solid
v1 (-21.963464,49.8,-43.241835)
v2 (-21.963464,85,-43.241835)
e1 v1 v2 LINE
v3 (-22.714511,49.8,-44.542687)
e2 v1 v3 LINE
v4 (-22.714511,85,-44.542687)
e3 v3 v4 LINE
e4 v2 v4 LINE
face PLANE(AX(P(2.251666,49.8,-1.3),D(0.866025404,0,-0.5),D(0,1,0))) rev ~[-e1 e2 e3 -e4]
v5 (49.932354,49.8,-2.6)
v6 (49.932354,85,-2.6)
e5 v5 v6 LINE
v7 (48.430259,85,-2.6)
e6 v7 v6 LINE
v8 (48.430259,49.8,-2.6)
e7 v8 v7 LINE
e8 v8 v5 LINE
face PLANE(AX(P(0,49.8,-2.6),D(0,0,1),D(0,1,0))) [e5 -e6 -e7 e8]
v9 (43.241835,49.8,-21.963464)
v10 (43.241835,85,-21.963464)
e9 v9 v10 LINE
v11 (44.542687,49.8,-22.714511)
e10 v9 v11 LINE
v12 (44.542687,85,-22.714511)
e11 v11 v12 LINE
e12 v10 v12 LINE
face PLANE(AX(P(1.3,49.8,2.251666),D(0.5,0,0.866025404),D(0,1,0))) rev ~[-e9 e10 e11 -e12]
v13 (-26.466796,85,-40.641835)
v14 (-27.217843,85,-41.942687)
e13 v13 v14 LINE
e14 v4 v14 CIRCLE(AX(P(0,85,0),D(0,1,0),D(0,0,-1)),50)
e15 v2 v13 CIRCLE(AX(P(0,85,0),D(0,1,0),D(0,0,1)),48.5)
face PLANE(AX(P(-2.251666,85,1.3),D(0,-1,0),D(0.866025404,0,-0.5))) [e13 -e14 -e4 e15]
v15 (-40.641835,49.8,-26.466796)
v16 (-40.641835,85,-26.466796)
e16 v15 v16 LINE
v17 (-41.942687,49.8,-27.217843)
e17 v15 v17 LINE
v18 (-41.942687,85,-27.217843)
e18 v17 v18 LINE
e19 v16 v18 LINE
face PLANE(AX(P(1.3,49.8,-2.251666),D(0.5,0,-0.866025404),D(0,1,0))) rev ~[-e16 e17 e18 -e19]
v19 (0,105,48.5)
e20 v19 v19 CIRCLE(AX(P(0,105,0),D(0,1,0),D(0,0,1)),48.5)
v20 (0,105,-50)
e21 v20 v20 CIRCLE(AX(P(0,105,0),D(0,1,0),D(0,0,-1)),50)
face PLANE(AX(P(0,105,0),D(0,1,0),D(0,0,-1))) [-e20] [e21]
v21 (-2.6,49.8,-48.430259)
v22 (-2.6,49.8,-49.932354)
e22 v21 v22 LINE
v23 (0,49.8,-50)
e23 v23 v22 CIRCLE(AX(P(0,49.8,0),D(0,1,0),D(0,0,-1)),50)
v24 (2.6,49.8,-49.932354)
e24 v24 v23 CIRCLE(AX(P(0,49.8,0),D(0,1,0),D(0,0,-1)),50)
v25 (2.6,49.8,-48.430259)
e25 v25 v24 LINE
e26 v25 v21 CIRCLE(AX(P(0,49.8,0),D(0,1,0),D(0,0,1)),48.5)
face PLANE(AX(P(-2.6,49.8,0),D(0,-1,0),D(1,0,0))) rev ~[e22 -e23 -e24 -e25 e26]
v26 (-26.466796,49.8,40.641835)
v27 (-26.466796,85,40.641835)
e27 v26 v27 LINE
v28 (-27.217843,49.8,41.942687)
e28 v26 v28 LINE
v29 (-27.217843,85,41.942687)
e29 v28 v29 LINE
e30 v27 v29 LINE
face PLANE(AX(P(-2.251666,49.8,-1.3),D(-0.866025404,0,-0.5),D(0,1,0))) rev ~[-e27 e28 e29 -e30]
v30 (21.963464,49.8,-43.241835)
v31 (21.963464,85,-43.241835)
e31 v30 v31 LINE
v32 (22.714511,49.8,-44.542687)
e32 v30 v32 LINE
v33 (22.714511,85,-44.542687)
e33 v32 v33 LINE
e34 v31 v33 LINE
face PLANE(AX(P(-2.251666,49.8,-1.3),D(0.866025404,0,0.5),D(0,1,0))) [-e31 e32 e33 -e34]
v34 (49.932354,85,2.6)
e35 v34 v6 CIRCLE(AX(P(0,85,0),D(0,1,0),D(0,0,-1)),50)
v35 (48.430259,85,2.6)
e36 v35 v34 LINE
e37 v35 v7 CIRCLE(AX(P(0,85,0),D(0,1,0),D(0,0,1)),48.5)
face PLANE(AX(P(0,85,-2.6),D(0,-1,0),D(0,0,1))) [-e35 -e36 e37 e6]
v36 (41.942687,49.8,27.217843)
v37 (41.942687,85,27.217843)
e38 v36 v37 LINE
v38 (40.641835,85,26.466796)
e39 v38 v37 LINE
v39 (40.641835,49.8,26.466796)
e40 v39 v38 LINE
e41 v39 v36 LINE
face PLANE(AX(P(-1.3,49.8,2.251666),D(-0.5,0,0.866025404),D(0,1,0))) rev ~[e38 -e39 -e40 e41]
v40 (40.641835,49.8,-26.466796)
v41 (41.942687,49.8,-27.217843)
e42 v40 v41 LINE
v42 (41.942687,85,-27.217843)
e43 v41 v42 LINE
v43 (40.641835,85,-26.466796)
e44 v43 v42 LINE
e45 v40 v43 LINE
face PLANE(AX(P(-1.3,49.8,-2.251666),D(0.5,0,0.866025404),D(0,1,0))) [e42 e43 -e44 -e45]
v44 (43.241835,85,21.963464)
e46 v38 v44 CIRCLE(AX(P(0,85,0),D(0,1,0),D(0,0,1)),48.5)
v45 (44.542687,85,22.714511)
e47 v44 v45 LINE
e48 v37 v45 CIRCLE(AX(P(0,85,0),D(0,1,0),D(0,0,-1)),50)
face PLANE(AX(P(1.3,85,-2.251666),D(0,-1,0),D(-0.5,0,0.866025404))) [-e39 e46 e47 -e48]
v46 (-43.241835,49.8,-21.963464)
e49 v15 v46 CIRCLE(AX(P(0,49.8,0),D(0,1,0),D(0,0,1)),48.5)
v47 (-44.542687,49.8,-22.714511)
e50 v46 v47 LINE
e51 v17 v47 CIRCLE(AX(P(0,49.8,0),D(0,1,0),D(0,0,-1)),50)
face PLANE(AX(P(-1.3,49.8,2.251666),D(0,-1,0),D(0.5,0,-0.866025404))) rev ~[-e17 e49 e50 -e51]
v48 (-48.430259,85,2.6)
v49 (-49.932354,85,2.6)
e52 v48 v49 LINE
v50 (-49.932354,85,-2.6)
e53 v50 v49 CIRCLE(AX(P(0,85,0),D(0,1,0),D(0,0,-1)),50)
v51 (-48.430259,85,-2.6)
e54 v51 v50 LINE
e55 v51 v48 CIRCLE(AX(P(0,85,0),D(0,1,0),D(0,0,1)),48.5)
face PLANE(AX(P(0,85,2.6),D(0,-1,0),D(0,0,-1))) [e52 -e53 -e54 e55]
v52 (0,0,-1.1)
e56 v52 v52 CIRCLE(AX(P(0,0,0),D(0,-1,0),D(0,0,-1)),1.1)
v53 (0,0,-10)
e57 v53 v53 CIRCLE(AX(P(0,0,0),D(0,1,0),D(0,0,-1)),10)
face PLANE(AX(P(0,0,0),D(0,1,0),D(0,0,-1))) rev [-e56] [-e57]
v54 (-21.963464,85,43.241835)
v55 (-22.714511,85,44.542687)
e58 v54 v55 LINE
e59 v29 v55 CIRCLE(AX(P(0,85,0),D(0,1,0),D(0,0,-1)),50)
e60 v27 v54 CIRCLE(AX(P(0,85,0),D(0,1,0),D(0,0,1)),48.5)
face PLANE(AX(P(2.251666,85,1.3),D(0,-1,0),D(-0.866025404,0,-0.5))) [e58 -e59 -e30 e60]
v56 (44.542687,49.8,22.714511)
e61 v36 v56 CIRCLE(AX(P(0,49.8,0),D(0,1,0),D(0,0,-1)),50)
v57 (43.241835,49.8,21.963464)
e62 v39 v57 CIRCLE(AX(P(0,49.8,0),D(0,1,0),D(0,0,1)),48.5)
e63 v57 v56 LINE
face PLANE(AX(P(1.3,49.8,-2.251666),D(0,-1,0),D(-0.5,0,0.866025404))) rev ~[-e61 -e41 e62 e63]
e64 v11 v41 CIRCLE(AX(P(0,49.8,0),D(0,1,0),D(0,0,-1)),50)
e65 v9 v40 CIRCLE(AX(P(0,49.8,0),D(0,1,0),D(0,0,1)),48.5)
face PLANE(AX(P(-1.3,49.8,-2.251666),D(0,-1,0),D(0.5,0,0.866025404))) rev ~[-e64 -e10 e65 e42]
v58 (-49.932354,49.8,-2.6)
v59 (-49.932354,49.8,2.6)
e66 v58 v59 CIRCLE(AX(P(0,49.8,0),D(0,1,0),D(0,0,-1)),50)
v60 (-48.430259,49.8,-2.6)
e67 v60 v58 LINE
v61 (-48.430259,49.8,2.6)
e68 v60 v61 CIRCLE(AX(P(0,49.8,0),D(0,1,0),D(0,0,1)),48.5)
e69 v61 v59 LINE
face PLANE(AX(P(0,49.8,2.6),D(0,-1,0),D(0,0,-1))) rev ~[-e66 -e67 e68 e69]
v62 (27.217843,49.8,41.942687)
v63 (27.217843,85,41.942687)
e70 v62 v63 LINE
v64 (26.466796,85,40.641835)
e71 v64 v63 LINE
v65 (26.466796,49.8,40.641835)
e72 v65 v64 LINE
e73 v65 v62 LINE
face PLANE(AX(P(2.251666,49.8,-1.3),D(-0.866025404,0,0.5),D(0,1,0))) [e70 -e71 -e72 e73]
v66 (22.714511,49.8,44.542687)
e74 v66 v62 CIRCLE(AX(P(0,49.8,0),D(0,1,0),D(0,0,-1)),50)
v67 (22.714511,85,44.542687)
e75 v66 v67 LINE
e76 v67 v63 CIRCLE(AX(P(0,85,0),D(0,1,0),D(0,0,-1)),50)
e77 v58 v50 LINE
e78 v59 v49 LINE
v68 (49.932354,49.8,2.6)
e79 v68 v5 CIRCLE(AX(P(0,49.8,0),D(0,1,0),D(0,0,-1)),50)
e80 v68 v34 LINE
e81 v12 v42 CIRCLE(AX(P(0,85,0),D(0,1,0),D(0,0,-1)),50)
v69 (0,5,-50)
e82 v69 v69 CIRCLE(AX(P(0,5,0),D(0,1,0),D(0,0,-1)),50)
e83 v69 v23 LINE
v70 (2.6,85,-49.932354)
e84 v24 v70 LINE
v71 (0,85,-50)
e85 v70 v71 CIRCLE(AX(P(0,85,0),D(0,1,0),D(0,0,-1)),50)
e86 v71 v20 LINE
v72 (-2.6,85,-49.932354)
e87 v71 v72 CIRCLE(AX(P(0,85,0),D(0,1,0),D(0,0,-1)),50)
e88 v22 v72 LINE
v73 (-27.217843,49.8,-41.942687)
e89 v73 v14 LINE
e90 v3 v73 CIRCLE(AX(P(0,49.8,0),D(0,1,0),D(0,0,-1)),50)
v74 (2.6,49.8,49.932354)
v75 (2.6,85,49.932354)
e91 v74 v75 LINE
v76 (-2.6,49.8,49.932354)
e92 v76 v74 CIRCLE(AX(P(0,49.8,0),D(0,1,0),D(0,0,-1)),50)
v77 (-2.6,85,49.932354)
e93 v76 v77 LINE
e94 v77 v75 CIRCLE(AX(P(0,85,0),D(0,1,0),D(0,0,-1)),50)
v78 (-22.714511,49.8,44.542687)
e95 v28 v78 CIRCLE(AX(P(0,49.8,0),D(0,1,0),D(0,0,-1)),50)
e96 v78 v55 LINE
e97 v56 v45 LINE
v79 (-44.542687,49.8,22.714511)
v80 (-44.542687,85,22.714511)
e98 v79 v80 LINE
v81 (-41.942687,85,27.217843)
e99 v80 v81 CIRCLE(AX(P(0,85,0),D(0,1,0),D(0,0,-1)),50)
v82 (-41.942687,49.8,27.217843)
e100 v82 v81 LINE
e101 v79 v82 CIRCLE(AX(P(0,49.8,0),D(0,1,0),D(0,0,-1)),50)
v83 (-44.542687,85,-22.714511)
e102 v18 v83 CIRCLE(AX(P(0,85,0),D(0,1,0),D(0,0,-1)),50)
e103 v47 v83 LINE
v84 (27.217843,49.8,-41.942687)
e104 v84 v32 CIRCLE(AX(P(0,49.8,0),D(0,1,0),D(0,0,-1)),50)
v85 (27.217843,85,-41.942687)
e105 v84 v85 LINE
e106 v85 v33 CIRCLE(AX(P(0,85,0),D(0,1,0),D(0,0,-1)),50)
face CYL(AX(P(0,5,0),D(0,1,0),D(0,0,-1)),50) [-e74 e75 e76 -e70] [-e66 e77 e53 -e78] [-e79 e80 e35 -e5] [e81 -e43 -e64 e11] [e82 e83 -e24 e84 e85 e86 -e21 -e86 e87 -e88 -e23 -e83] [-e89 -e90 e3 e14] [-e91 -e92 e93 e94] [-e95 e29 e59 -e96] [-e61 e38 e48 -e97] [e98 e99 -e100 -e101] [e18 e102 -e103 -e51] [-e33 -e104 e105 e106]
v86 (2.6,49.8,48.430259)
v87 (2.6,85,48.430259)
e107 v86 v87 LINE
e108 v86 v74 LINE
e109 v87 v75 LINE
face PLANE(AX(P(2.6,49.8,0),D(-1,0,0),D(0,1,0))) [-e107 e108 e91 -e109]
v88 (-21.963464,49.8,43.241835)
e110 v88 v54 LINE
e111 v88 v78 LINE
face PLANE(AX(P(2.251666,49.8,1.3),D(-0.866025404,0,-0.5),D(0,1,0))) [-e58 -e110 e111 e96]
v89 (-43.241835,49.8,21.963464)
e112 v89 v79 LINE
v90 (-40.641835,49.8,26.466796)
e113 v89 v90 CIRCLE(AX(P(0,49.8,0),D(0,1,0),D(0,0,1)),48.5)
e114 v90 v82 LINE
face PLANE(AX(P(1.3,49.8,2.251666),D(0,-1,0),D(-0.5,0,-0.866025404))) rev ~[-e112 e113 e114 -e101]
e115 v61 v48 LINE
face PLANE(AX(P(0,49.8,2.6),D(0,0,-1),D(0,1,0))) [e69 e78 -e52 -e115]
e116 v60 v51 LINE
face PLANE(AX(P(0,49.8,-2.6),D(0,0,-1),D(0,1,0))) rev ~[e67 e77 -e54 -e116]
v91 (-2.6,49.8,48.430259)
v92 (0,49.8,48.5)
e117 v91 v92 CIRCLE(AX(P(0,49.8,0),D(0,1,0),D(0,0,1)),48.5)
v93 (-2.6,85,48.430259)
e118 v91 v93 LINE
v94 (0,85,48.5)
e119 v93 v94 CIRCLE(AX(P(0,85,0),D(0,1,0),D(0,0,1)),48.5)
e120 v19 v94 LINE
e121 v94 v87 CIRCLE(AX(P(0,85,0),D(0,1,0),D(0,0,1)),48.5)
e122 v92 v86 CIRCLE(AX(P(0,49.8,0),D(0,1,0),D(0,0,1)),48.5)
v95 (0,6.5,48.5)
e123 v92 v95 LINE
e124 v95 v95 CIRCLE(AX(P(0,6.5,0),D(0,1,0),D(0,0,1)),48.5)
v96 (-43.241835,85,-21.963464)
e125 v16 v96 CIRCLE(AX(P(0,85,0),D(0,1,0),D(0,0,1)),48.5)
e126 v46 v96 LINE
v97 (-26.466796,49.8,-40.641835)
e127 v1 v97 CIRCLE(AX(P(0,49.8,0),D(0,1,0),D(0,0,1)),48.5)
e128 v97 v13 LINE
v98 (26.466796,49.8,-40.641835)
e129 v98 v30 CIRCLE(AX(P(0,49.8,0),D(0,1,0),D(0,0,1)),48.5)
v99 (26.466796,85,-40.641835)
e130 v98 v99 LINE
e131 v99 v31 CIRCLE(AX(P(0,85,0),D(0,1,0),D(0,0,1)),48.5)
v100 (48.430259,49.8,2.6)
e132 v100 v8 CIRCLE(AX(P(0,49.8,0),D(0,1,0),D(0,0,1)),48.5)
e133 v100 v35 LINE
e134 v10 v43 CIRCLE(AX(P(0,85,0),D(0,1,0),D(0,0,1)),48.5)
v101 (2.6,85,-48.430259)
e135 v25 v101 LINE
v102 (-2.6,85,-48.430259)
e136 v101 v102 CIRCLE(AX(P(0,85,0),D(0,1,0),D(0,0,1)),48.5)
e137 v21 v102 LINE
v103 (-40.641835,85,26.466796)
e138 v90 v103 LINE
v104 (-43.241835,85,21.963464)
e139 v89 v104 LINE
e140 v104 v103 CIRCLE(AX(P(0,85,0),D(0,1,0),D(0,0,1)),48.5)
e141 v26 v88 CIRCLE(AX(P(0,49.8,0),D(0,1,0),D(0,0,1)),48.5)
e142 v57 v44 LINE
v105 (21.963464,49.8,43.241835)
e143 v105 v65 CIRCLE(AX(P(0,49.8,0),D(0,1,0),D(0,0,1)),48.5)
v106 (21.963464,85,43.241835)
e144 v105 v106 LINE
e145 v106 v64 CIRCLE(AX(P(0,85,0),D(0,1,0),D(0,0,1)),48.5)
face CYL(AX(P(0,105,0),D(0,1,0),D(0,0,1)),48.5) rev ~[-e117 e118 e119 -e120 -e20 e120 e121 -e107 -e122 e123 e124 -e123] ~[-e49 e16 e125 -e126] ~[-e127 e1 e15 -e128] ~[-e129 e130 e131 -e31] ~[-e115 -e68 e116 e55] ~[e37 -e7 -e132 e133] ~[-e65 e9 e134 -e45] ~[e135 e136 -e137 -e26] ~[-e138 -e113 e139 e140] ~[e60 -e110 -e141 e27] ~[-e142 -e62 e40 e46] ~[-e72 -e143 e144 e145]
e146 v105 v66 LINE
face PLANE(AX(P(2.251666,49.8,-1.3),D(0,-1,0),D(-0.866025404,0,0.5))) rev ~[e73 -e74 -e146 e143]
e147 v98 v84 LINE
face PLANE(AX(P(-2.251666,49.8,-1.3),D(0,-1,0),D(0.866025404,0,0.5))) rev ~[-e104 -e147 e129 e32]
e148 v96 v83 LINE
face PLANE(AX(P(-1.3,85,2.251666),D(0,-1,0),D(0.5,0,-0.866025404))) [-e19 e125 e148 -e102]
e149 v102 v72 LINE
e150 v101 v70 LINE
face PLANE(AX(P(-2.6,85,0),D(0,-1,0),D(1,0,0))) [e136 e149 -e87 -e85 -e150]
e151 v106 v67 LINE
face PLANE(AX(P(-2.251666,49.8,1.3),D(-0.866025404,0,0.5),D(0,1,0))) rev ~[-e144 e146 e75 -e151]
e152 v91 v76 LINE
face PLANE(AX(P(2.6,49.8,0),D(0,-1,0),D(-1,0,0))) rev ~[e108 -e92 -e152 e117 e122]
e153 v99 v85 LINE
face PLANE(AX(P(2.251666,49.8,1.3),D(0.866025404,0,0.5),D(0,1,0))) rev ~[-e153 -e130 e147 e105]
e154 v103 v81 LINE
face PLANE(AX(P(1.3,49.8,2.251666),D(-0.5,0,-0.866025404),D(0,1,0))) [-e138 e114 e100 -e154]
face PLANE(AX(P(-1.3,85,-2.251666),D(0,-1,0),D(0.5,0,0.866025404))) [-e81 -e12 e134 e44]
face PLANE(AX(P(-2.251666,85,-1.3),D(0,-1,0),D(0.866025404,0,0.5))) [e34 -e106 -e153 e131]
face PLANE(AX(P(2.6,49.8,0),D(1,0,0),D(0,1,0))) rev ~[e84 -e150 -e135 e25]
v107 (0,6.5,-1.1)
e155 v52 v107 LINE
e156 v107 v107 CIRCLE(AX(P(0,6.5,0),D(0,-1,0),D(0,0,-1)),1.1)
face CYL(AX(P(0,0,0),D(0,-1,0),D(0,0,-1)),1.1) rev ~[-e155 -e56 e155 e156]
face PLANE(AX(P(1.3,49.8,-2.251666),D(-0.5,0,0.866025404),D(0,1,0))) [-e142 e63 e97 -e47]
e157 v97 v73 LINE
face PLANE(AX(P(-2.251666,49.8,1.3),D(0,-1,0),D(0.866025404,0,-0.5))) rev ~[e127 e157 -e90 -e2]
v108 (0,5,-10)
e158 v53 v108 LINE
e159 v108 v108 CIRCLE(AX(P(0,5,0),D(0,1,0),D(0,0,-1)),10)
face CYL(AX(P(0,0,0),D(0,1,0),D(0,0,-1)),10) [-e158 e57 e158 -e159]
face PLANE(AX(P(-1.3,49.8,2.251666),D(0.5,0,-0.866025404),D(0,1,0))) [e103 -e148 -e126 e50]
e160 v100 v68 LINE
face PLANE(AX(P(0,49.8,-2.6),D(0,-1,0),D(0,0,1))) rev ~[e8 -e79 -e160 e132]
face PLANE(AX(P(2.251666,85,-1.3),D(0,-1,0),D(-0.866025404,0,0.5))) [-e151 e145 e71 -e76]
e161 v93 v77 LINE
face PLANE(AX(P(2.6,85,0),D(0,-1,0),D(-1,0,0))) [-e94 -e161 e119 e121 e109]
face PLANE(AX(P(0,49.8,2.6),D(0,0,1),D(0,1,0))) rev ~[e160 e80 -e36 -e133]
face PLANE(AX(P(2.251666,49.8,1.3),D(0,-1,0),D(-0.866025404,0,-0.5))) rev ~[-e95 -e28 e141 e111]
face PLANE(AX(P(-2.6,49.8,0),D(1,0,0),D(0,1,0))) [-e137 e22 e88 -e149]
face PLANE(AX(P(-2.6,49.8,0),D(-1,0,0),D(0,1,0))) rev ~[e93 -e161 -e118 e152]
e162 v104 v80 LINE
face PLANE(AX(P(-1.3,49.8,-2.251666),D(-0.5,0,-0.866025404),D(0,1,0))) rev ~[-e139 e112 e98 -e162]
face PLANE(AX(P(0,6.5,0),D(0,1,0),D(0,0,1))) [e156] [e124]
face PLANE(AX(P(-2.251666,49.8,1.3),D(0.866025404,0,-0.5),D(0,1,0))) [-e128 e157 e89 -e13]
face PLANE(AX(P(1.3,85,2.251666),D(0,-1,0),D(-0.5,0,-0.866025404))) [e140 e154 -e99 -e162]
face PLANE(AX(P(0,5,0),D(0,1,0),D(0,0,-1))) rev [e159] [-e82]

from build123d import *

# Parameters (mm, degrees)
CROQUIS3_R            = 48.5
CORTAR_EXTRUIR1_DEPTH = 98.5
CROQUIS4_R            = 1.1
CORTAR_EXTRUIR2_DEPTH = 98.5
CROQUIS6_W            = 5.2
CROQUIS6_H            = 35.2
CORTAR_EXTRUIR3_DEPTH = 98.5
MATRIZC1_COUNT        = 12


with BuildPart() as part:
    # Croquis2 → Revolución2 (revolve)
    with BuildSketch(Plane.XY, mode=Mode.PRIVATE) as revoluci_n2_sk:
        Polygon((0, 0), (-10, 0), (-10, 5), (-50, 5), (-50, 105), (0, 105), align=None)
    revolve(revoluci_n2_sk.sketch.rotate(Axis((0, 0, 0), (0, 1, 0)), 270), axis=Axis((0, 0, 0), (0, 1, 0)))

    # Croquis3 → Cortar-Extruir1 (cut)
    with BuildSketch(Plane(origin=(0, 105, 0), x_dir=(1, 0, 0), z_dir=(0, 1, 0))):
        with Locations(Location((0, 0, 0), (0, 0, 270))):
            Circle(CROQUIS3_R)
    extrude(amount=-CORTAR_EXTRUIR1_DEPTH, mode=Mode.SUBTRACT)

    # Croquis4 → Cortar-Extruir2 (cut)
    with BuildSketch(Plane.XZ):
        with Locations(Location((0, 0, 0), (0, 0, 270))):
            Circle(CROQUIS4_R)
    extrude(amount=-CORTAR_EXTRUIR2_DEPTH, mode=Mode.SUBTRACT)

    # Croquis6 → Cortar-Extruir3 (cut)
    with BuildSketch(Plane.XY):
        with Locations((0, 67.4)):
            Rectangle(CROQUIS6_W, CROQUIS6_H)
    cortar_extruir3 = extrude(amount=-CORTAR_EXTRUIR3_DEPTH, mode=Mode.SUBTRACT)

    # MatrizC1: Cortar-Extruir3 ×12 about axis
    matrizc1_axis = Axis((0, 0, 0), (0, 1, 0))
    for i in range(1, MATRIZC1_COUNT):
        add(cortar_extruir3.rotate(matrizc1_axis, i * 360 / MATRIZC1_COUNT), mode=Mode.SUBTRACT)


solid = part.part
